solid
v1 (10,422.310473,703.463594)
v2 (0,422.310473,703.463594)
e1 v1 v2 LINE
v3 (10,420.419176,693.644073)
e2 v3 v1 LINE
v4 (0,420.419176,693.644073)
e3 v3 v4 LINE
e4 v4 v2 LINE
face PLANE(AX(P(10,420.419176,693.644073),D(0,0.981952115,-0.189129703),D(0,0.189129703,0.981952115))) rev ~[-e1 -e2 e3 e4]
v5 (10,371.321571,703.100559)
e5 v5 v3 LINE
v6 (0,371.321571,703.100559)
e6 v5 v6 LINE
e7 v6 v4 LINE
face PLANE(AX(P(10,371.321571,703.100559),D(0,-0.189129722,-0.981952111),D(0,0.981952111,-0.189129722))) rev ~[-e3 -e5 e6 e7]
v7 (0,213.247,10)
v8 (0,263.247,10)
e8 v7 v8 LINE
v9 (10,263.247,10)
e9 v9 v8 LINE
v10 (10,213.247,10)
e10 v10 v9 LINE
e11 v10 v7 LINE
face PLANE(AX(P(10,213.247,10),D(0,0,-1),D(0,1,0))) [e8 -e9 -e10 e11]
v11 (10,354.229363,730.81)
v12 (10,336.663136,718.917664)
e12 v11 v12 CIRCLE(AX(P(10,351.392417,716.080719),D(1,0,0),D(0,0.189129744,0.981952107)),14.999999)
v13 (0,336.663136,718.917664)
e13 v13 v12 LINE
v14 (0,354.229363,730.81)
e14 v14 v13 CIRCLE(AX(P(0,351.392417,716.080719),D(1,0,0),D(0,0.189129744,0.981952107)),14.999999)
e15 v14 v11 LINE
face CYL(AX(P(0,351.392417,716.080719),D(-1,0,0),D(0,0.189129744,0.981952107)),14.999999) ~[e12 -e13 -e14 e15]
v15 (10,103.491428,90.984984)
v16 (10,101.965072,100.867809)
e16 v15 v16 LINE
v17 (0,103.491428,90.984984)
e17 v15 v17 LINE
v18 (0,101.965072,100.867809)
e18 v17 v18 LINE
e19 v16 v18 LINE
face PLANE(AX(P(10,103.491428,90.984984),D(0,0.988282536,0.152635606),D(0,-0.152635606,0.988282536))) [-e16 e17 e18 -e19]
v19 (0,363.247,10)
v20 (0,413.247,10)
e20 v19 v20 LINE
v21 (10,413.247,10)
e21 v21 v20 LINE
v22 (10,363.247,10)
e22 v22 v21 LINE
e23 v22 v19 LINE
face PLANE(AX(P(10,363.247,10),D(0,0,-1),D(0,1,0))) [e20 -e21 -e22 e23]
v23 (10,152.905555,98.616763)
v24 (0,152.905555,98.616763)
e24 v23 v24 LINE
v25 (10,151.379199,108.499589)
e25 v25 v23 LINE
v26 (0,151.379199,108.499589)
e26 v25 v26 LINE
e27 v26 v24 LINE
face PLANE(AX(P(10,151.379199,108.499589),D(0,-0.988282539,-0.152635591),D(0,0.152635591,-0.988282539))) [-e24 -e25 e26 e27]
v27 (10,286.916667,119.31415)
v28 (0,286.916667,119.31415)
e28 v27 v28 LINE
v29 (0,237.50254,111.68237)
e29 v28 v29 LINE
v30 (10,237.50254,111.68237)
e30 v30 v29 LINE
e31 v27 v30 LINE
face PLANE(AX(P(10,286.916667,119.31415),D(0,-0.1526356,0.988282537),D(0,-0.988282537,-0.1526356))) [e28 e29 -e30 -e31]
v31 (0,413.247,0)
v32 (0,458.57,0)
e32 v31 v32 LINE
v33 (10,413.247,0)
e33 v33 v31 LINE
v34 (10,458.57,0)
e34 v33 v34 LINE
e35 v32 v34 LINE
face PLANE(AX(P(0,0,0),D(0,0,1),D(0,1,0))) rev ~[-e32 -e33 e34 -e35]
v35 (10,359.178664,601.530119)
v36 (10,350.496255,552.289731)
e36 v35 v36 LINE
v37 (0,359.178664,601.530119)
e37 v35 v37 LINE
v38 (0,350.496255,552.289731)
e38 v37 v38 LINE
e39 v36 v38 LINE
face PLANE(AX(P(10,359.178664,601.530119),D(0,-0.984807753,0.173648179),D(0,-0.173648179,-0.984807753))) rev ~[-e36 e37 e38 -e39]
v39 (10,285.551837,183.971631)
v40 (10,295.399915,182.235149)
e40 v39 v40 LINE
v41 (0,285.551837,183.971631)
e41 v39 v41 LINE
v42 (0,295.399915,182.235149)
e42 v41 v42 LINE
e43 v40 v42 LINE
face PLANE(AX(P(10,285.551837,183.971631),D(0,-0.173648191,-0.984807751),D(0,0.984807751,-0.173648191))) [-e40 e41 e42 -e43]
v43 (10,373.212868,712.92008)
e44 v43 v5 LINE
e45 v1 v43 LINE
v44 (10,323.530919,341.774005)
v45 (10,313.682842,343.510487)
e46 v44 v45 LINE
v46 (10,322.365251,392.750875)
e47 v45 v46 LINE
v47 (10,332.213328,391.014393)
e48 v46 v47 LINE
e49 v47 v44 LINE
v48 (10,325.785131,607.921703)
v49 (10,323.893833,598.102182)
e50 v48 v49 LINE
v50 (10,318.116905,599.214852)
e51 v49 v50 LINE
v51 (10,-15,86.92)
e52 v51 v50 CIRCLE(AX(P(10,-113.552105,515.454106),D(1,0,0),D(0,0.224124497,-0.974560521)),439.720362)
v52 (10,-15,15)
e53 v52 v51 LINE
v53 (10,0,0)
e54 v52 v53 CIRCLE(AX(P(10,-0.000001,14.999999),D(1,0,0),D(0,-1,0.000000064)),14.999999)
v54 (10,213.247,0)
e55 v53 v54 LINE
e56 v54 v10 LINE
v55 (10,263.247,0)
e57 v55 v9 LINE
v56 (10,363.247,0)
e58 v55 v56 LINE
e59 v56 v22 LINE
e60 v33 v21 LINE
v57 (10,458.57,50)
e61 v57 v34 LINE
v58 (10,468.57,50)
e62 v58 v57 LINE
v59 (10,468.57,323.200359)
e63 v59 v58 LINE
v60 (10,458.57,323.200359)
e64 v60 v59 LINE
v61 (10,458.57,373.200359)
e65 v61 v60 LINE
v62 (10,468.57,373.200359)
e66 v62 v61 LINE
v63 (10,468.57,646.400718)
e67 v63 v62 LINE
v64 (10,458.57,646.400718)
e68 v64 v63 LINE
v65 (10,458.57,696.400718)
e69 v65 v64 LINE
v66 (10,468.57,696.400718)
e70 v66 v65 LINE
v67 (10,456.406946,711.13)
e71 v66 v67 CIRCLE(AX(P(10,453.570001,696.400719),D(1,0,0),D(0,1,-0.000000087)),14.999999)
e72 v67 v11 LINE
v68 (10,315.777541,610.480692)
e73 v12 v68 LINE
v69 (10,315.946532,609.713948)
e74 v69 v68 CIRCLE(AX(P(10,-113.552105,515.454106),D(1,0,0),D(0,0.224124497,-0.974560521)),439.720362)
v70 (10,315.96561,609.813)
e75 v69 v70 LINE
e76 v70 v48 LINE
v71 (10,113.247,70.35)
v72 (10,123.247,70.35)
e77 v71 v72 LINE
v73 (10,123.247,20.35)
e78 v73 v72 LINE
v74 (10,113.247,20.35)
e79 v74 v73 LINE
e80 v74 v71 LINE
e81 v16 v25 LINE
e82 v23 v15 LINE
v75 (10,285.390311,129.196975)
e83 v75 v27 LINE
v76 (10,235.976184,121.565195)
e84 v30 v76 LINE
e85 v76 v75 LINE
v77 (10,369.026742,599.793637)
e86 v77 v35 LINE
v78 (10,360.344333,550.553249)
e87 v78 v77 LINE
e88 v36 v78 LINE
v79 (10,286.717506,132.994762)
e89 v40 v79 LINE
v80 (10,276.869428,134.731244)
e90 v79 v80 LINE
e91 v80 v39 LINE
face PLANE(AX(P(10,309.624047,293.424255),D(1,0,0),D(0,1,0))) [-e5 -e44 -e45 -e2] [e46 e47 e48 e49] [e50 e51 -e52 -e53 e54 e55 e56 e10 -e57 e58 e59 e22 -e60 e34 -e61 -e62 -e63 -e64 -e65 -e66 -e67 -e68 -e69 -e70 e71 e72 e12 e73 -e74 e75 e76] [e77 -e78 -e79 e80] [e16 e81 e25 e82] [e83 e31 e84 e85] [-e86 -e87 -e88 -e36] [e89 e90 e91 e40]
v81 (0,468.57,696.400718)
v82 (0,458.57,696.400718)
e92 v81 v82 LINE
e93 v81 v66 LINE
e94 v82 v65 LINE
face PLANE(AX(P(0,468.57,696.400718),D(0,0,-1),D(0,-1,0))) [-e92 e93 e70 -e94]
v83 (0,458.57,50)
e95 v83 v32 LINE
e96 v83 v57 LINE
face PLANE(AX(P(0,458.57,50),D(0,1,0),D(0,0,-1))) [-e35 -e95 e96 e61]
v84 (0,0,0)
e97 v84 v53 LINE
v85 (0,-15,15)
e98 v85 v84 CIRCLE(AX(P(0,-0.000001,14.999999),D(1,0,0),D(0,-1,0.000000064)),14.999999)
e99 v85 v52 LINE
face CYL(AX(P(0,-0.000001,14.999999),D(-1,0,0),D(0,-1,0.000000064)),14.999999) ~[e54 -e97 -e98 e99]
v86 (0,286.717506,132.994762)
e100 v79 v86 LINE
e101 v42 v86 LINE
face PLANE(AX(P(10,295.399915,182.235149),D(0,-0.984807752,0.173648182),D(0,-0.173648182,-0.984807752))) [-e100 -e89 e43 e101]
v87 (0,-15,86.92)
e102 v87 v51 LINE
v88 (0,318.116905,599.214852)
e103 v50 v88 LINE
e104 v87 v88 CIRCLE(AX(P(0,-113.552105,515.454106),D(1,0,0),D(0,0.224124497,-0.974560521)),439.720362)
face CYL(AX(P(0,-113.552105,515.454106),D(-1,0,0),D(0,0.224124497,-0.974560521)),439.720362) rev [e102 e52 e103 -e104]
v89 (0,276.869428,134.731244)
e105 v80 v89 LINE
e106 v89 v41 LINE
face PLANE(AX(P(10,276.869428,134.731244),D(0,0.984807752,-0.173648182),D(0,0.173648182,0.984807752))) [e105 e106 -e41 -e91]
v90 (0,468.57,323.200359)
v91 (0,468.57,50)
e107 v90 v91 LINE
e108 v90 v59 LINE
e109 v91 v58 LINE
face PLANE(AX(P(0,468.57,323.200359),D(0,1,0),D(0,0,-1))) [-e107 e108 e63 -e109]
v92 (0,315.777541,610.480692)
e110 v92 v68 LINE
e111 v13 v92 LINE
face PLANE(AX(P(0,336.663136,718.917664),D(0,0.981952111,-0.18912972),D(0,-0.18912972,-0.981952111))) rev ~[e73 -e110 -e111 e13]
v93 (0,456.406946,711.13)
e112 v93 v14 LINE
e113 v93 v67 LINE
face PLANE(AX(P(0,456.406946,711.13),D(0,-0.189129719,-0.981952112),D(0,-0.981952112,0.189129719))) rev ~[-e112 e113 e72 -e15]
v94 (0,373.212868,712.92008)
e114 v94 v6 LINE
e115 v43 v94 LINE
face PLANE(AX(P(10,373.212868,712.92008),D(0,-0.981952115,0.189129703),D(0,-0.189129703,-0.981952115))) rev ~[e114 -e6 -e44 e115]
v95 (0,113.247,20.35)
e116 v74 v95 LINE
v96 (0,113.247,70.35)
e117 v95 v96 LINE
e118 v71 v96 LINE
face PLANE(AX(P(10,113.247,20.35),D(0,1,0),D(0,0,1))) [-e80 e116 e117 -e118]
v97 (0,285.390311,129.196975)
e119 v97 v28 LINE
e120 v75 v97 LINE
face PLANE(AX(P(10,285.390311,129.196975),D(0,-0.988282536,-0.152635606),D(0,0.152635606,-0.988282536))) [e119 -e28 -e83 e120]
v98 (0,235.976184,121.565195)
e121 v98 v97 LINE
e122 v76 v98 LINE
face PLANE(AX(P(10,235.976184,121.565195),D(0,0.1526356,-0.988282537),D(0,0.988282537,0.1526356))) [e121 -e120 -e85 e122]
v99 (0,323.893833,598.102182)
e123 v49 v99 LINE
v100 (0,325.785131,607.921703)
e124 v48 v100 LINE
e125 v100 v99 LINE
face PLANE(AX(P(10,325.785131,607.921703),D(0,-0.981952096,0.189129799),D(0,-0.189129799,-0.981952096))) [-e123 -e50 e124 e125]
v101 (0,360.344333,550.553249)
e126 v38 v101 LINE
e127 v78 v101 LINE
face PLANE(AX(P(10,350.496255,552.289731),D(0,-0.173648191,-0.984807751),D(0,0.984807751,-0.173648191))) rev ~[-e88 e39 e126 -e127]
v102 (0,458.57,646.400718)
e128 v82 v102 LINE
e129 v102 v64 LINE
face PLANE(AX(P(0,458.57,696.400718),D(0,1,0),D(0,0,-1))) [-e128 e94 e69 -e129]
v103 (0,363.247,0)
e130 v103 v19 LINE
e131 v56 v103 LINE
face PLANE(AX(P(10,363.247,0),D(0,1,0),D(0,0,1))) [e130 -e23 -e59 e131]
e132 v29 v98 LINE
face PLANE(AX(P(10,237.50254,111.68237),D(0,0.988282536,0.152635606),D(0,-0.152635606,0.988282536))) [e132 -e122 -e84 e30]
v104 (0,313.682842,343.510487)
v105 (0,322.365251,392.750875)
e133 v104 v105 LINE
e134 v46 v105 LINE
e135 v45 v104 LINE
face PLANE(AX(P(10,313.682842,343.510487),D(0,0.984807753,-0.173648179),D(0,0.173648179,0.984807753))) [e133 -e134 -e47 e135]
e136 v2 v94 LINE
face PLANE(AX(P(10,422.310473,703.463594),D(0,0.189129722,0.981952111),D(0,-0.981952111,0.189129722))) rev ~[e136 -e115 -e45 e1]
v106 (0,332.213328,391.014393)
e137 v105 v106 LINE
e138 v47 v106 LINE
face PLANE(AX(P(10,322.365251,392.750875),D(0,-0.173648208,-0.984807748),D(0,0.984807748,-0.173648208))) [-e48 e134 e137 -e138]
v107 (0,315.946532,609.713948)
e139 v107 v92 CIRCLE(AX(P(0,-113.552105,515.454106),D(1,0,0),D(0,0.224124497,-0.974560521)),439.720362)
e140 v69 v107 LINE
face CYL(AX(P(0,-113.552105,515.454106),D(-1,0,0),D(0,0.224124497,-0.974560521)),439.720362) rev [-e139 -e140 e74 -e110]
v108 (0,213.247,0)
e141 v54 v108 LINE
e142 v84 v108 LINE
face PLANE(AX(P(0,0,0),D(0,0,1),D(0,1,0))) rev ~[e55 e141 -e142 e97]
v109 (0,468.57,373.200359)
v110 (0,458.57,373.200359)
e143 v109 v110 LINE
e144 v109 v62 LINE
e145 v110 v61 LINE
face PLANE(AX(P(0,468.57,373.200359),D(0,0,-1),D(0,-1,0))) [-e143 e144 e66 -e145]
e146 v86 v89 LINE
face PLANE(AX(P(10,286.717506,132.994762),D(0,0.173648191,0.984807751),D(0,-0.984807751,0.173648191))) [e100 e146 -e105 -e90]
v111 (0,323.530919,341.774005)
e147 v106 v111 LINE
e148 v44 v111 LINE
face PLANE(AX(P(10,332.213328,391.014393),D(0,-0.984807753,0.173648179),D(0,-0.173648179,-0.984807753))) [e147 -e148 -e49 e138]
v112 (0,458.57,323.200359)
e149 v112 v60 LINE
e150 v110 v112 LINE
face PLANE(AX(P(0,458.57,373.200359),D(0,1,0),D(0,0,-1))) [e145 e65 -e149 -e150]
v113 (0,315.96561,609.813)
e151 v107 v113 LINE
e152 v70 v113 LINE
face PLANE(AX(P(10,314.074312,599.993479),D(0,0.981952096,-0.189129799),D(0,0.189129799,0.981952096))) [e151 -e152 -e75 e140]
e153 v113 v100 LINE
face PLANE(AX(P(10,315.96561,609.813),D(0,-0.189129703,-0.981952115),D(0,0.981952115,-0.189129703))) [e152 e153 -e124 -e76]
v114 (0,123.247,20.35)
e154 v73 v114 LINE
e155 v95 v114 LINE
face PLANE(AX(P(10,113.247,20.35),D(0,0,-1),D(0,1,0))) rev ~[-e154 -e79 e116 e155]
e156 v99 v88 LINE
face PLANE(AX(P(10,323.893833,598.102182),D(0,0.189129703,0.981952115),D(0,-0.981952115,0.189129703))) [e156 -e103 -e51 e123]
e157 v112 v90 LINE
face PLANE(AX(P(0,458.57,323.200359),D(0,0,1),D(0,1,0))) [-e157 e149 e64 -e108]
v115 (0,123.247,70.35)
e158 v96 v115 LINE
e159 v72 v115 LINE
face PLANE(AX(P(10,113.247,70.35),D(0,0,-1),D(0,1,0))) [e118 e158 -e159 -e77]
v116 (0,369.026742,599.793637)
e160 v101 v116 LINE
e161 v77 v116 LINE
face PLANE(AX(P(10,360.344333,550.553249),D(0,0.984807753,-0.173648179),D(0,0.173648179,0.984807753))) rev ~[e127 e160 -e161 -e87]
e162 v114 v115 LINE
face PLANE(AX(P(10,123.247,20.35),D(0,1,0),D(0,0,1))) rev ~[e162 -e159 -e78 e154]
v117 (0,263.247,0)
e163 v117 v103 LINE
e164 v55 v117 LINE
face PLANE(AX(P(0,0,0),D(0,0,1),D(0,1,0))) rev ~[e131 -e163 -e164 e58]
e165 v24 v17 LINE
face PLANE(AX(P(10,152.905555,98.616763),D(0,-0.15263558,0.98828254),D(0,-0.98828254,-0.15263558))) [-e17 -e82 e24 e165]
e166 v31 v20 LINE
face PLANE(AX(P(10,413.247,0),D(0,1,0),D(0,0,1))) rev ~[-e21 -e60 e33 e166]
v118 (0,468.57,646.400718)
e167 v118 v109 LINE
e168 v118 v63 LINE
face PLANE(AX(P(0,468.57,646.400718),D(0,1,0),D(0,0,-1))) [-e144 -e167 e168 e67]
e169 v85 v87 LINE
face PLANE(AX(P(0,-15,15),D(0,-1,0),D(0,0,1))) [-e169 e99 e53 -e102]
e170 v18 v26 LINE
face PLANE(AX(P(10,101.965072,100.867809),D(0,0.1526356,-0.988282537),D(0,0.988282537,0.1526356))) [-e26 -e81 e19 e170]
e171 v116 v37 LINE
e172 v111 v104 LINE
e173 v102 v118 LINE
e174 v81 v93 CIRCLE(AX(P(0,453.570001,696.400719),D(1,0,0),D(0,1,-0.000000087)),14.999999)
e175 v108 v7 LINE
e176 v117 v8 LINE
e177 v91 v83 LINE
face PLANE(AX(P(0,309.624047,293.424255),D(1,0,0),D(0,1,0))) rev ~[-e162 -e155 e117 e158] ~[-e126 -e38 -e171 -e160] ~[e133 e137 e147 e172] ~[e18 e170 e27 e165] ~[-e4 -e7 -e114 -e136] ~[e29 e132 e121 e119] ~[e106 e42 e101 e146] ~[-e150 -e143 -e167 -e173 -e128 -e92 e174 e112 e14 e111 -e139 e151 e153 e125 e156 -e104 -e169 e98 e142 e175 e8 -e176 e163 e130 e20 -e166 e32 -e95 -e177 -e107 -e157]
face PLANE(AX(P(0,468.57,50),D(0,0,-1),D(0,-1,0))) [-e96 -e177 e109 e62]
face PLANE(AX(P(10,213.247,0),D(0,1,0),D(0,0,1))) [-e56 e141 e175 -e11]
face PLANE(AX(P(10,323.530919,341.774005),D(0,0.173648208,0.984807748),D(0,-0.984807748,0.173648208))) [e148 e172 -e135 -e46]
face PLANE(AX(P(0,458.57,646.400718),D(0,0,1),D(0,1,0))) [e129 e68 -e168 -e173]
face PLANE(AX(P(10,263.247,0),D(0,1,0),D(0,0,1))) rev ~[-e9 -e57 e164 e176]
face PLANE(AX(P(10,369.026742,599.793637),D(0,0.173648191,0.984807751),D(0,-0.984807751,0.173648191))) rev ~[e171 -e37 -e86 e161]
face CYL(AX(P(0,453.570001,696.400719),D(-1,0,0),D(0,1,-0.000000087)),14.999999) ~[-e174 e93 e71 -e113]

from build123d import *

# Parameters (mm, degrees)
PAD_DEPTH       = 10
SKETCH001_W     = 10
SKETCH001_H     = 50
SKETCH001_W_2   = 50
SKETCH001_H_2   = 10
POCKET_DEPTH    = 10.001
POCKET001_DEPTH = 10.001


with BuildPart() as part:
    # Sketch → Pad (new body)
    with BuildSketch(Plane.YZ):
        with BuildLine():
            Line((0, 0), (458.57, 0))
            Line((458.57, 50), (458.57, 0))
            Line((468.57, 50), (458.57, 50))
            Line((468.57, 323.200359), (468.57, 50))
            Line((458.57, 323.200359), (468.57, 323.200359))
            Line((458.57, 373.200359), (458.57, 323.200359))
            Line((468.57, 373.200359), (458.57, 373.200359))
            Line((468.57, 646.400718), (468.57, 373.200359))
            Line((458.57, 646.400718), (468.57, 646.400718))
            Line((458.57, 696.400718), (458.57, 646.400718))
            Line((468.57, 696.400718), (458.57, 696.400718))
            ThreePointArc((468.57, 696.400718), (465.136205, 705.951787), (456.406946, 711.13))
            Line((456.406946, 711.13), (354.229363, 730.81))
            ThreePointArc((354.229363, 730.81), (342.983266, 728.501917), (336.663136, 718.917664))
            Line((336.663136, 718.917664), (315.777541, 610.480692))
            ThreePointArc((-15, 86.92), (258.192075, 280.591887), (315.777541, 610.480692))
            Line((-15, 15), (-15, 86.92))
            ThreePointArc((-15, 15), (-10.606602, 4.393398), (0, 0))
        make_face()
    extrude(amount=PAD_DEPTH)

    # Sketch001 → Pocket (cut, through all)
    with BuildSketch(Plane.YZ.offset(10)):
        Polygon((276.869428, 134.731244), (285.551837, 183.971631), (295.399915, 182.235149), (286.717506, 132.994762), align=None)
        Polygon((313.682842, 343.510487), (322.365251, 392.750875), (332.213328, 391.014393), (323.530919, 341.774005), align=None)
        Polygon((359.178664, 601.530119), (350.496255, 552.289731), (360.344333, 550.553249), (369.026742, 599.793637), align=None)
        Polygon((101.965072, 100.867809), (151.379199, 108.499589), (152.905555, 98.616763), (103.491428, 90.984984), align=None)
        Polygon((235.976184, 121.565195), (285.390311, 129.196975), (286.916667, 119.31415), (237.50254, 111.68237), align=None)
        with Locations((118.247, 45.35)):
            Rectangle(SKETCH001_W, SKETCH001_H)
        with Locations((238.247, 5)):
            Rectangle(SKETCH001_W_2, SKETCH001_H_2)
        with Locations((388.247, 5)):
            Rectangle(SKETCH001_W_2, SKETCH001_H_2)
    extrude(amount=-POCKET_DEPTH, mode=Mode.SUBTRACT)

    # Sketch002 → Pocket001 (cut, through all)
    with BuildSketch(Plane.YZ.offset(10)):
        Polygon((422.310473, 703.463594), (373.212868, 712.92008), (371.321571, 703.100559), (420.419176, 693.644073), align=None)
        Polygon((315.96561, 609.813), (325.785131, 607.921703), (323.893833, 598.102182), (314.074312, 599.993479), align=None)
    extrude(amount=-POCKET001_DEPTH, mode=Mode.SUBTRACT)


solid = part.part
